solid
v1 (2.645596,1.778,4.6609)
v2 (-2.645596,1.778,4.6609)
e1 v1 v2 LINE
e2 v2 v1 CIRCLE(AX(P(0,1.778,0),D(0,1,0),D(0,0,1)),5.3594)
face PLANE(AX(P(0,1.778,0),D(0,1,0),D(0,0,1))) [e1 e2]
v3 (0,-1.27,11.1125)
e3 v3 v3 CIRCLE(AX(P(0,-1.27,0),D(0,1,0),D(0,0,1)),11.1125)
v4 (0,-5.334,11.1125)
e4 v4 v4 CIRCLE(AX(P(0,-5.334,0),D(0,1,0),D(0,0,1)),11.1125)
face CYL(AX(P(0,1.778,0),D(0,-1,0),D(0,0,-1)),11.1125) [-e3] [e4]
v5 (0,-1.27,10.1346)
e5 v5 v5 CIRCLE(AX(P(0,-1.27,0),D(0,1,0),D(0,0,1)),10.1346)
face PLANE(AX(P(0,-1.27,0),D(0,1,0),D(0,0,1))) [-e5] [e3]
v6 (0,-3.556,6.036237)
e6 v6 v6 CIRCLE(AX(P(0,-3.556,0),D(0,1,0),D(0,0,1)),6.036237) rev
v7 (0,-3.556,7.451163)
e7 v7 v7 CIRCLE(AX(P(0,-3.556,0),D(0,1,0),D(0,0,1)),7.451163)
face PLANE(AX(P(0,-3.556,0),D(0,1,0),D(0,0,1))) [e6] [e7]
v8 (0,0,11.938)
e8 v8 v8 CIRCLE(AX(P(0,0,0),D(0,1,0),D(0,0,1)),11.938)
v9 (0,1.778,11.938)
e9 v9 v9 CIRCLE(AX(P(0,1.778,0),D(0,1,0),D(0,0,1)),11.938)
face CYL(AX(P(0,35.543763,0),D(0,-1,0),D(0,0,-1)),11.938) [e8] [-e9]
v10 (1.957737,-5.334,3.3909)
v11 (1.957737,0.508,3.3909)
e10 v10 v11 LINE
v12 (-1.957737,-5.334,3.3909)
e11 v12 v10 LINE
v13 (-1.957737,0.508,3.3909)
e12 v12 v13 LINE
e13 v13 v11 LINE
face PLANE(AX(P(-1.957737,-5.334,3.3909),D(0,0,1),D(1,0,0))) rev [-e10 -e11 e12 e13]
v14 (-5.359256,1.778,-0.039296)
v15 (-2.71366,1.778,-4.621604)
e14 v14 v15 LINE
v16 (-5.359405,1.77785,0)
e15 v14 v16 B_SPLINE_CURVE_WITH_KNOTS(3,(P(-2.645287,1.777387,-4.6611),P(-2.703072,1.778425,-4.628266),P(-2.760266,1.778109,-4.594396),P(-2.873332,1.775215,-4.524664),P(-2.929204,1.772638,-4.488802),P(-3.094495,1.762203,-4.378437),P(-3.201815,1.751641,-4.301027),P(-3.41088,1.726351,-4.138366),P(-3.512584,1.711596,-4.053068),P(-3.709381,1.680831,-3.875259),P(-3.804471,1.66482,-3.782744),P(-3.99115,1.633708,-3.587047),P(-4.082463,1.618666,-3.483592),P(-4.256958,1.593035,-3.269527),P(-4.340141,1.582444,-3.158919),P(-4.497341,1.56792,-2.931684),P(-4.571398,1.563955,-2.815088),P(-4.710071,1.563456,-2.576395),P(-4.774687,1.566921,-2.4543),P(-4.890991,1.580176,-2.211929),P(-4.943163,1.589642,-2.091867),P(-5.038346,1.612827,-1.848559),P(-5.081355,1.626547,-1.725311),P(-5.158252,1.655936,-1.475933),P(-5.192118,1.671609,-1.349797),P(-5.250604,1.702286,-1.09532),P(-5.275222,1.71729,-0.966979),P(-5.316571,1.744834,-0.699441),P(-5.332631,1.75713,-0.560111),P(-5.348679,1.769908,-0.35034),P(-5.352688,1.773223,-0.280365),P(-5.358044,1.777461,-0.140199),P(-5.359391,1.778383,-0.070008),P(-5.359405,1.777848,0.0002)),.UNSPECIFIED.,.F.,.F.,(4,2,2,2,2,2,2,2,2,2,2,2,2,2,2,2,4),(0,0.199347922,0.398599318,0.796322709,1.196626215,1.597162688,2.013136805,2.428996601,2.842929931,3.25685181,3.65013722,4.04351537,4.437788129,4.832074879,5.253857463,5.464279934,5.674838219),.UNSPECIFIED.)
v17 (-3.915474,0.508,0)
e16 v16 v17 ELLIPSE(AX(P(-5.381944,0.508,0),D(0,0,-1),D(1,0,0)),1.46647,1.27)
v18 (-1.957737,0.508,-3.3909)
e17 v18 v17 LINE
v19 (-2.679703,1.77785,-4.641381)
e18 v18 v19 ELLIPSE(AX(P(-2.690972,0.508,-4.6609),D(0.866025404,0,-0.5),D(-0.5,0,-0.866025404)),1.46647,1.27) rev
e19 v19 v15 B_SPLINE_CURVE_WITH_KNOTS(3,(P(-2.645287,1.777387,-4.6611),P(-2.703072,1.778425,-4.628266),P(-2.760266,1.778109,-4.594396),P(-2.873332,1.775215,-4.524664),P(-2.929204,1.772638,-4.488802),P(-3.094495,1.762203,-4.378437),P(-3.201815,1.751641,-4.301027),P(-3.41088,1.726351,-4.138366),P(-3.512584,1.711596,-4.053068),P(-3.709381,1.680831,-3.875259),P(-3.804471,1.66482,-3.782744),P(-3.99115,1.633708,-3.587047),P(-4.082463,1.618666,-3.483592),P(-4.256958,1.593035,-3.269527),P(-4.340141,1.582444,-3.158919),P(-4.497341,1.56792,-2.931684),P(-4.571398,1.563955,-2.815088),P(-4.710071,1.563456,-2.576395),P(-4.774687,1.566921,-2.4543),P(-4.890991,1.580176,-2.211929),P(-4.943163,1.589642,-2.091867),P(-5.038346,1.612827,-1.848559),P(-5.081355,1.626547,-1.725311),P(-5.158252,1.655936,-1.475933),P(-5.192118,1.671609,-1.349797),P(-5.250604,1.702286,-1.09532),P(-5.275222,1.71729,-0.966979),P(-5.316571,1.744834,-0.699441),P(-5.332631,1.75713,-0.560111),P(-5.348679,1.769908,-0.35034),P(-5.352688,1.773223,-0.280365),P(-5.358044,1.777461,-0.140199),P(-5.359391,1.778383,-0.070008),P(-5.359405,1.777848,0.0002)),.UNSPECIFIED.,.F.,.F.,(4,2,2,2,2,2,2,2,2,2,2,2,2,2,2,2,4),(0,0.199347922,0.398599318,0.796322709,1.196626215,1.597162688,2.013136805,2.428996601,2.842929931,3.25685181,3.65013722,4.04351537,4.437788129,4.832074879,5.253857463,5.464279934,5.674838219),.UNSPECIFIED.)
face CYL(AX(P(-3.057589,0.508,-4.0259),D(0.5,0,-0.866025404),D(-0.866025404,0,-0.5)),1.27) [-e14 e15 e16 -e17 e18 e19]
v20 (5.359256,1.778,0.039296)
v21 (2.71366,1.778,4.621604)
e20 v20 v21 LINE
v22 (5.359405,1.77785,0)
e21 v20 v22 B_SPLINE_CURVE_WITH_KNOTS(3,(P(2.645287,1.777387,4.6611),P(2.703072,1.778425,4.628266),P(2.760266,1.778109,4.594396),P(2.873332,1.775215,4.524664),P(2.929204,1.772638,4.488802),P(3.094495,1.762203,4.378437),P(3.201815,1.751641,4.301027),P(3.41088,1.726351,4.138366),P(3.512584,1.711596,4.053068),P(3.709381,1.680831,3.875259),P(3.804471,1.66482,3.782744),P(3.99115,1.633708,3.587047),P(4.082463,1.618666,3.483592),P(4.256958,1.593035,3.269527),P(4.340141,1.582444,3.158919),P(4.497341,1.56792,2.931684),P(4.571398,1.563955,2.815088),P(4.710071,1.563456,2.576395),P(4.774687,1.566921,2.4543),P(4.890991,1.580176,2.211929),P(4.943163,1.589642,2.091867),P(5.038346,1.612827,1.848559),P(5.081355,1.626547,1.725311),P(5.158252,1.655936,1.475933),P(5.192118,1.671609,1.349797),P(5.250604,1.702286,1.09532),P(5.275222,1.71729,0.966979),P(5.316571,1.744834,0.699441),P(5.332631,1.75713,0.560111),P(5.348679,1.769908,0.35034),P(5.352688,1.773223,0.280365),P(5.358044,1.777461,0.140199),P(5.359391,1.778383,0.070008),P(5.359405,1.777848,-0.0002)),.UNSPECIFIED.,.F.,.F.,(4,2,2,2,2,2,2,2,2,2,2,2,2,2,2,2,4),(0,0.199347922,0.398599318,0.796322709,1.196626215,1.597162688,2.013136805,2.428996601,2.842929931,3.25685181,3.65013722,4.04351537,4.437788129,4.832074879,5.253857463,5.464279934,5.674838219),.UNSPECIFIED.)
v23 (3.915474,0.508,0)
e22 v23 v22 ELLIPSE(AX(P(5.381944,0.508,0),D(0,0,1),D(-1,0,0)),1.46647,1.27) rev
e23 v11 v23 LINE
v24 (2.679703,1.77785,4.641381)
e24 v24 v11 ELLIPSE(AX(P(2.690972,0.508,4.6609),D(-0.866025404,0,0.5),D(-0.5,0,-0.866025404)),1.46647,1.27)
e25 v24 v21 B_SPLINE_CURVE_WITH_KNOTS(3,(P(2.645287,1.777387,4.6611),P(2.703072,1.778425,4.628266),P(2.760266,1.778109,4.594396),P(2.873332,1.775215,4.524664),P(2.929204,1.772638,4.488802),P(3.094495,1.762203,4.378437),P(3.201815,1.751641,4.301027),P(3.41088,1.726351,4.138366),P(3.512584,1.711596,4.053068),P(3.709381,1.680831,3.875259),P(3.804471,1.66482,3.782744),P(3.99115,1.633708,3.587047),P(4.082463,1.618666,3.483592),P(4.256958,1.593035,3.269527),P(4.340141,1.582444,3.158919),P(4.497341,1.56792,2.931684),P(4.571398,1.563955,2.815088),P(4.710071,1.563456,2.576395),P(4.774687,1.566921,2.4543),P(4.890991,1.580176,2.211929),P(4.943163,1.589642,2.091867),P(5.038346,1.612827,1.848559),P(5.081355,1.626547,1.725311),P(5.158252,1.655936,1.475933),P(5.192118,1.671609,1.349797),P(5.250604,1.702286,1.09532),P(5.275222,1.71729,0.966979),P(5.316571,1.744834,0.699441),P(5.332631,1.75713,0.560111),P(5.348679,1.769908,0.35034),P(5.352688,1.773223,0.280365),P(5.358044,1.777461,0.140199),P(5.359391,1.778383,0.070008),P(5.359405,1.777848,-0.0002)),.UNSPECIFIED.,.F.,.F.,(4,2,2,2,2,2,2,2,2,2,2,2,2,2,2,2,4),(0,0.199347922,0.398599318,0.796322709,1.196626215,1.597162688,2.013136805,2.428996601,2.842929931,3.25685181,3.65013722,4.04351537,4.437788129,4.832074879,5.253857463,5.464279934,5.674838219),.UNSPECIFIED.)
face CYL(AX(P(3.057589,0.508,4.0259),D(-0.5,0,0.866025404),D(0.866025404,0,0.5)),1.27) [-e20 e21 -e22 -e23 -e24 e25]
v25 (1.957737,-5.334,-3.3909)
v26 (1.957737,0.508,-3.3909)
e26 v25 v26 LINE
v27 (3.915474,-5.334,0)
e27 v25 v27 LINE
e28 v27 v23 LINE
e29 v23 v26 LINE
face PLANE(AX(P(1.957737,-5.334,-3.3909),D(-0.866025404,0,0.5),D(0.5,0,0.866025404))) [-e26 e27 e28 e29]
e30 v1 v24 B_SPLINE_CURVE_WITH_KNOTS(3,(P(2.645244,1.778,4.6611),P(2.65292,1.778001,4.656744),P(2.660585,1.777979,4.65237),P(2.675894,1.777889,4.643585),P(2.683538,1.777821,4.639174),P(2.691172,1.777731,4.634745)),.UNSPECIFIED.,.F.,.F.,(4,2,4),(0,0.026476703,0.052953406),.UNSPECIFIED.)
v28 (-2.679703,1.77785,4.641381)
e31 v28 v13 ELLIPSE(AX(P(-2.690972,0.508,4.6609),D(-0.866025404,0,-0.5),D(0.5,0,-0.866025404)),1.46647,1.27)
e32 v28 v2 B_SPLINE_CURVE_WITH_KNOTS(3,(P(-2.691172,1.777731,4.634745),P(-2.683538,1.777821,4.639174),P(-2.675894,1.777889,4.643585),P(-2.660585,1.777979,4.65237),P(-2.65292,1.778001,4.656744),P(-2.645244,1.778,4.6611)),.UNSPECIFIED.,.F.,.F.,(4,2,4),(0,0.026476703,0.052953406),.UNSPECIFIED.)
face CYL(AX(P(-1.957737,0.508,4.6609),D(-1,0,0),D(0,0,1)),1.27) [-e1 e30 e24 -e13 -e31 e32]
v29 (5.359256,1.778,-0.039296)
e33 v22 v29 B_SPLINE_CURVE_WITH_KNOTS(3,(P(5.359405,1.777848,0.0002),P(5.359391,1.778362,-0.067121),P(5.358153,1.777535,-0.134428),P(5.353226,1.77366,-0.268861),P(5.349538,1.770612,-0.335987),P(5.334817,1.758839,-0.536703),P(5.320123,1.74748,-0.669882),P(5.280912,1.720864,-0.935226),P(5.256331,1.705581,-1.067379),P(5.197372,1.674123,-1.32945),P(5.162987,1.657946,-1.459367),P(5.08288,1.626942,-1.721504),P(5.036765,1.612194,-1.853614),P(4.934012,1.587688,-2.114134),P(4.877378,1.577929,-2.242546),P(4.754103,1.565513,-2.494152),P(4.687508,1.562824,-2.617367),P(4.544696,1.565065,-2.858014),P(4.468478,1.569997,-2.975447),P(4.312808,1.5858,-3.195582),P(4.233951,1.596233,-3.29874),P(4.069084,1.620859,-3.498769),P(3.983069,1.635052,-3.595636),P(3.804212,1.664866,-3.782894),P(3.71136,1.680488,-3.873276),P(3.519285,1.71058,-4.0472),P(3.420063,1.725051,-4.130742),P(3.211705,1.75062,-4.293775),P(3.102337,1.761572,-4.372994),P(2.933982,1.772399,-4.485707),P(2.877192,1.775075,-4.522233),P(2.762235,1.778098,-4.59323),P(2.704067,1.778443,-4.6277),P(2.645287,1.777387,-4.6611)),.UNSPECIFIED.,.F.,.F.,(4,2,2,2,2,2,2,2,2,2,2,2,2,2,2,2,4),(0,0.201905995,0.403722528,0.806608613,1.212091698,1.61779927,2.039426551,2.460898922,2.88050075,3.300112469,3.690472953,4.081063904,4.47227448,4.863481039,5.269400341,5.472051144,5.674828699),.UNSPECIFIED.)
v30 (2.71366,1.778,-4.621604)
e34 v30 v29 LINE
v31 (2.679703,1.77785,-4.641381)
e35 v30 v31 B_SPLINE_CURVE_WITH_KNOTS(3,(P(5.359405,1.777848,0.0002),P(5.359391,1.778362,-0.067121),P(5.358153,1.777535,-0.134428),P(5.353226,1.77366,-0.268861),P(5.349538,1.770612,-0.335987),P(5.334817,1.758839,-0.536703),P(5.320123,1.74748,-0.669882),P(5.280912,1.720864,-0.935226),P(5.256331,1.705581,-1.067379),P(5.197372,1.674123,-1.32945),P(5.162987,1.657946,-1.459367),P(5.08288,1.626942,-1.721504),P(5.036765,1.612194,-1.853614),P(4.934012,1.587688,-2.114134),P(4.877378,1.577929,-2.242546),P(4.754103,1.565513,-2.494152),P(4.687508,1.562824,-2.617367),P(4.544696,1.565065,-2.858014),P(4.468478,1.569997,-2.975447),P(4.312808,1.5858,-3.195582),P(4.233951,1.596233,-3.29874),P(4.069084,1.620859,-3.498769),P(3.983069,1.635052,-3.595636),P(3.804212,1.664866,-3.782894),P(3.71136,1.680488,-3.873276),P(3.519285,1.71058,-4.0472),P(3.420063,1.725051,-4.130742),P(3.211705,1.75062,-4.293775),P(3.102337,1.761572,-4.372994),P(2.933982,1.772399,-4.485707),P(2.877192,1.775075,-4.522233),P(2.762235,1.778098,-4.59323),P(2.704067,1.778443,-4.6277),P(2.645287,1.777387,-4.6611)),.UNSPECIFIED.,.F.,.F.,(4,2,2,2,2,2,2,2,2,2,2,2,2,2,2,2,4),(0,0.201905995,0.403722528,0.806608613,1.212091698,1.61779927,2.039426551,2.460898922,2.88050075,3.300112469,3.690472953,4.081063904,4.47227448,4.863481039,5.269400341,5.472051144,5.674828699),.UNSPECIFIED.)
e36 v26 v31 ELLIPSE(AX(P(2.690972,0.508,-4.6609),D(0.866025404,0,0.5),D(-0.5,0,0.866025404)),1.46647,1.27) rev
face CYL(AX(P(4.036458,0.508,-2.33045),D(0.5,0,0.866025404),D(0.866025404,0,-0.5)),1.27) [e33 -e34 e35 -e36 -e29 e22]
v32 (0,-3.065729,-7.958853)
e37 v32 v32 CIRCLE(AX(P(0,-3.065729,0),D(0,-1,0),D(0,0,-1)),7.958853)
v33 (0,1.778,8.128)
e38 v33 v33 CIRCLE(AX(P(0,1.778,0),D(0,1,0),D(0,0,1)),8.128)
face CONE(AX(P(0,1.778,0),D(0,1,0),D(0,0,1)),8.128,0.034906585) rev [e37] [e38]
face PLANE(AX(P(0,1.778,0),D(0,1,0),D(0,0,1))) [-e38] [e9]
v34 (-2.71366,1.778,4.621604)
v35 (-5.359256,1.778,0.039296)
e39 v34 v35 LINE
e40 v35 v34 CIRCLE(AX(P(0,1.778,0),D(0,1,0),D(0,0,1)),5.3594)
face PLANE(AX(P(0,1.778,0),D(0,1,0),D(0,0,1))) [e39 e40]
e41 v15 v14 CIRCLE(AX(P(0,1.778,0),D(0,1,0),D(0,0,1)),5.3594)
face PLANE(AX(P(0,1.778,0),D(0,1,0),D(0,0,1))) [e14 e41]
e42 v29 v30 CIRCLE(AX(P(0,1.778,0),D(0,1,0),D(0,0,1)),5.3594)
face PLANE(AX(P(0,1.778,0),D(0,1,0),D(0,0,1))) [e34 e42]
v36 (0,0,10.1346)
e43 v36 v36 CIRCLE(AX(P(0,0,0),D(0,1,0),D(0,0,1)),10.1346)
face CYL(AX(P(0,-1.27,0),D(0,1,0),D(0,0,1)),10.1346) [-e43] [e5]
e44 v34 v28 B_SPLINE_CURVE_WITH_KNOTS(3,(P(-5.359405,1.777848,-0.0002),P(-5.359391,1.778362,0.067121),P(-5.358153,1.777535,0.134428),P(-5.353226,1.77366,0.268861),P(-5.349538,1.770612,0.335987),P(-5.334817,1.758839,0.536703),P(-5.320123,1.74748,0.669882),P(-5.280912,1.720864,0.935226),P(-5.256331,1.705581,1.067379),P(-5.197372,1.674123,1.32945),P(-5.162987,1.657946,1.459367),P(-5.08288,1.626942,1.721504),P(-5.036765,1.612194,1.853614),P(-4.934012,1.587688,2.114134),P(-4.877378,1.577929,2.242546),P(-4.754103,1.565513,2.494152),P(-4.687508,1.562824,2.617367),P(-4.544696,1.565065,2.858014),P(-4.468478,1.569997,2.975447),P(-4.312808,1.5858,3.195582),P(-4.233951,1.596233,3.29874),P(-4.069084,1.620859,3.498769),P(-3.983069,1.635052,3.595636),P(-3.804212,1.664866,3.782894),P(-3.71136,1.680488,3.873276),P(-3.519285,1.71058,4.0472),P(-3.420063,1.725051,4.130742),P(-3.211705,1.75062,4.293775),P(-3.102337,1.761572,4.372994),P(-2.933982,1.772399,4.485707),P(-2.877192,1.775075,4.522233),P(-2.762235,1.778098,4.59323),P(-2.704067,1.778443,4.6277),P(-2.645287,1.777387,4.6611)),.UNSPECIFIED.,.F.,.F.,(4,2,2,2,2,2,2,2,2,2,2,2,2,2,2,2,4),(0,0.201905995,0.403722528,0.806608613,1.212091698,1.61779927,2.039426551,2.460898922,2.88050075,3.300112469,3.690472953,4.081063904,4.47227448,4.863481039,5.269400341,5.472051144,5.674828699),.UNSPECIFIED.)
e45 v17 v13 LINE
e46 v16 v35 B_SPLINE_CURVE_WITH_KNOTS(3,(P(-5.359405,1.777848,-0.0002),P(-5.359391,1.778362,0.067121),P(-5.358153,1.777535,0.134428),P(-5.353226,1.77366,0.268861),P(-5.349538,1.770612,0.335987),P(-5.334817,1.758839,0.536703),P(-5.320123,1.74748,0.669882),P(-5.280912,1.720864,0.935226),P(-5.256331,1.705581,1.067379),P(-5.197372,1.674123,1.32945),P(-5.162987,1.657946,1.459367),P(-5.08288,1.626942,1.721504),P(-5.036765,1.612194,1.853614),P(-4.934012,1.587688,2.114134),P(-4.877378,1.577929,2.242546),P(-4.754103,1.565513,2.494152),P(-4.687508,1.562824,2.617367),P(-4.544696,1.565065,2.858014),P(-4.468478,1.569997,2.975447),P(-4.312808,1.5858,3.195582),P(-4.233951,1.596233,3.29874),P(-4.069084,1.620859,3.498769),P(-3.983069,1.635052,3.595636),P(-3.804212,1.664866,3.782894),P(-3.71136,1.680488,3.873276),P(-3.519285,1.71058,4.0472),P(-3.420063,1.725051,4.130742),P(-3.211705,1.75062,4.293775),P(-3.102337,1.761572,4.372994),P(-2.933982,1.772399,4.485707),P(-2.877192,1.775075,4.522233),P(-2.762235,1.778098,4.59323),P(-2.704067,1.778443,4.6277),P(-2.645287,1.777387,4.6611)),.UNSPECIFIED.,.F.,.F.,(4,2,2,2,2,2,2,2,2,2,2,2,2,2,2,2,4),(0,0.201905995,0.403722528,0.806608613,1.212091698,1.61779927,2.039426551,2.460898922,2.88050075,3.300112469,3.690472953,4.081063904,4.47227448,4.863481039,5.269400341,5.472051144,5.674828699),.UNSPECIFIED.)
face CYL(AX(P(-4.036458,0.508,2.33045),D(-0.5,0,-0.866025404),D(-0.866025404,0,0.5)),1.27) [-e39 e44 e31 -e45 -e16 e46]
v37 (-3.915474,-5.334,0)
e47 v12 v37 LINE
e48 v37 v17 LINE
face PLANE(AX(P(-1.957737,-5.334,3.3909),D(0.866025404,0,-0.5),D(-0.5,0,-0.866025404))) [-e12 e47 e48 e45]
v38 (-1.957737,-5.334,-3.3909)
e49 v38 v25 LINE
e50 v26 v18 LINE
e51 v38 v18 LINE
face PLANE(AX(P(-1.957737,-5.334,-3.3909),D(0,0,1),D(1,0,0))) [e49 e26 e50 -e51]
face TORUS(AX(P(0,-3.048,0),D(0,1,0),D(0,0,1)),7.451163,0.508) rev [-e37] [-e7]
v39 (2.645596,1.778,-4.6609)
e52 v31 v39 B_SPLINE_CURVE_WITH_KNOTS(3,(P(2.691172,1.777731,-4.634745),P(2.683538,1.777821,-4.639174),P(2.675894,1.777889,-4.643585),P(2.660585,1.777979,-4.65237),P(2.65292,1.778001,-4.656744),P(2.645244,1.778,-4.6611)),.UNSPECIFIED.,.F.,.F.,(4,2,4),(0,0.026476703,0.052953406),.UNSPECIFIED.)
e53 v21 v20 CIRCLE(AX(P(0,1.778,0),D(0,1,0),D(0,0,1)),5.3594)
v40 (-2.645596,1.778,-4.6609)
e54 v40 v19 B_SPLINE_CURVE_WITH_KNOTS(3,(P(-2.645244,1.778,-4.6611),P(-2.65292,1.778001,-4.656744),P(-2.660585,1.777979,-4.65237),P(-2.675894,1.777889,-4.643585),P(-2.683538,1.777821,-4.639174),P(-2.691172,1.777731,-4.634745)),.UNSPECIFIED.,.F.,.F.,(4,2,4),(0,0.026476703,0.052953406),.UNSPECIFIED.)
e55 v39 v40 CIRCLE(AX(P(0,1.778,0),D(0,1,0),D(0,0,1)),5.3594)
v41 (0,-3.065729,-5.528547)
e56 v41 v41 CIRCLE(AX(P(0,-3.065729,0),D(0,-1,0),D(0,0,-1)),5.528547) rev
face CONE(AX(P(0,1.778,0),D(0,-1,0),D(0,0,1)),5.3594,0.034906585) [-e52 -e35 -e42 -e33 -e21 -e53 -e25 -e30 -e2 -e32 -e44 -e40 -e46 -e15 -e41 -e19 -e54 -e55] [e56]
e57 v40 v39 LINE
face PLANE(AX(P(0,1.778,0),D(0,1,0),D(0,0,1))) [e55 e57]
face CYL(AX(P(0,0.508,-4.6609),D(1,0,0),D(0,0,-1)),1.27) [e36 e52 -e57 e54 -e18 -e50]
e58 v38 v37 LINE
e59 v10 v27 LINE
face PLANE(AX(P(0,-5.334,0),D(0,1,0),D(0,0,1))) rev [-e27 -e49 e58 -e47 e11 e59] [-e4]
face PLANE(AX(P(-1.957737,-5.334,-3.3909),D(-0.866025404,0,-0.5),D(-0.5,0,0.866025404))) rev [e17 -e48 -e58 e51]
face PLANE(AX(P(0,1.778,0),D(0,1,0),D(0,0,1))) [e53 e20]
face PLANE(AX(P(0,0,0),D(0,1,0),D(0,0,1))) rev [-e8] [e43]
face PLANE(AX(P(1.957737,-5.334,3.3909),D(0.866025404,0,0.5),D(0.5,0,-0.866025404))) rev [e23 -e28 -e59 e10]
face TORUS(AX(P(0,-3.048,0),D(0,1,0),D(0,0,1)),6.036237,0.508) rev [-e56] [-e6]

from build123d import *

# Parameters (mm, degrees)
BLANK_BEFORE_THREAD_DEPTH      = 1.778
BLANK_BEFORE_THREAD_DEPTH_BACK = 5.334
SKETCH1_R                      = 11.1125
SKETCH4_R                      = 11.938
HEAD_DEPTH                     = 1.778
RECESS_START                   = -1.27
SKETCH5_R                      = 11.938
SKETCH5_R_2                    = 10.1346
RECESS_UNDER_HEAD_DEPTH        = 1.27
FILL_START                     = 1.27
SKETCH8_R                      = 10.1346
FILL_IN_RECESS_DEPTH           = 1.27
HEX_THRU_DEPTH                 = 19.319722487
FILLET_ON_HEX_R                = 1.27
SKETCH7_R                      = 8.128
SKETCH7_R_2                    = 5.3594
SPRING_RECESS_DEPTH            = 5.334
SPRING_RECESS_DRAFT            = -2
FILLET1_R                      = 0.508


with BuildPart() as part:
    # Sketch1 → Blank Before Thread (new, two sides: drawn at the far end of the back side and taken through both)
    with BuildSketch(Plane(origin=(0, 0, 0), x_dir=(1, 0, 0), z_dir=(0, 1, 0)).offset(-BLANK_BEFORE_THREAD_DEPTH_BACK)):
        with Locations(Location((0, 0, 0), (0, 0, 270))):
            Circle(SKETCH1_R)
    extrude(amount=BLANK_BEFORE_THREAD_DEPTH + BLANK_BEFORE_THREAD_DEPTH_BACK)

    # Sketch4 → Head (add)
    with BuildSketch(Plane(origin=(0, 0, 0), x_dir=(1, 0, 0), z_dir=(0, 1, 0))):
        with Locations(Location((0, 0, 0), (0, 0, 270))):
            Circle(SKETCH4_R)
    extrude(amount=HEAD_DEPTH)

    # Sketch5 → Recess Under Head (cut)
    with BuildSketch(Plane(origin=(0, 0, 0), x_dir=(1, 0, 0), z_dir=(0, 1, 0)).offset(RECESS_START)):
        with Locations(Location((0, 0, 0), (0, 0, 270))):
            Circle(SKETCH5_R)
        with Locations(Location((0, 0, 0), (0, 0, 270))):
            Circle(SKETCH5_R_2, mode=Mode.SUBTRACT)
    extrude(amount=RECESS_UNDER_HEAD_DEPTH, mode=Mode.SUBTRACT)

    # Sketch8 → Fill in Recess (add)
    with BuildSketch(Plane.XZ.offset(FILL_START)):
        with Locations(Location((0, 0, 0), (0, 0, 90))):
            Circle(SKETCH8_R)
    extrude(amount=-FILL_IN_RECESS_DEPTH)

    # Sketch6 → Hex Thru (cut, through all)
    with BuildSketch(Plane(origin=(0, 1.778, 0), x_dir=(-1, 0, 0), z_dir=(0, 1, 0))):
        Polygon((1.957737028, -3.3909), (-1.957737028, -3.3909), (-3.915474056, 0), (-1.957737028, 3.3909), (1.957737028, 3.3909), (3.915474056, 0), align=None)
    extrude(amount=-HEX_THRU_DEPTH, mode=Mode.SUBTRACT)

    # Fillet on Hex
    fillet_on_hex_edges = [part.edges().sort_by_distance(p)[0] for p in [
        (2.936605542, 1.778, -1.69545),
        (-2.936605542, 1.778, 1.69545),
        (0, 1.778, -3.3909),
        (-2.936605542, 1.778, -1.69545),
        (0, 1.778, 3.3909),
        (2.936605542, 1.778, 1.69545),
    ]]
    fillet(fillet_on_hex_edges, radius=FILLET_ON_HEX_R)


with BuildPart() as spring_recess_tool:
    # Sketch7 → Spring Recess (with draft: the straight prism first)
    with BuildSketch(Plane(origin=(0, 1.778, 0), x_dir=(-1, 0, 0), z_dir=(0, 1, 0))):
        Circle(SKETCH7_R)
        Circle(SKETCH7_R_2, mode=Mode.SUBTRACT)
    extrude(amount=-SPRING_RECESS_DEPTH)
    # Spring Recess: the draft: its side faces are tilted about the plane it starts from
    spring_recess_sides = [spring_recess_tool.faces().sort_by_distance(p)[0] for p in [
        (8.128, -0.889, 0),
        (5.3594, -0.889, 0),
    ]]
    draft(spring_recess_sides, Plane(origin=(0, 1.778, 0), x_dir=(-1, 0, 0), z_dir=(0, 1, 0)), SPRING_RECESS_DRAFT)


with BuildPart() as part_1:
    add(part.part)

    # Spring Recess: cut by spring_recess_tool
    add(spring_recess_tool.part, mode=Mode.SUBTRACT)

    # Fillet1
    fillet1_edges = [part_1.edges().sort_by_distance(p)[0] for p in [
        (7.941732616, -3.556, 0),
        (5.545667384, -3.556, 0),
    ]]
    fillet(fillet1_edges, radius=FILLET1_R)


solid = part_1.part
